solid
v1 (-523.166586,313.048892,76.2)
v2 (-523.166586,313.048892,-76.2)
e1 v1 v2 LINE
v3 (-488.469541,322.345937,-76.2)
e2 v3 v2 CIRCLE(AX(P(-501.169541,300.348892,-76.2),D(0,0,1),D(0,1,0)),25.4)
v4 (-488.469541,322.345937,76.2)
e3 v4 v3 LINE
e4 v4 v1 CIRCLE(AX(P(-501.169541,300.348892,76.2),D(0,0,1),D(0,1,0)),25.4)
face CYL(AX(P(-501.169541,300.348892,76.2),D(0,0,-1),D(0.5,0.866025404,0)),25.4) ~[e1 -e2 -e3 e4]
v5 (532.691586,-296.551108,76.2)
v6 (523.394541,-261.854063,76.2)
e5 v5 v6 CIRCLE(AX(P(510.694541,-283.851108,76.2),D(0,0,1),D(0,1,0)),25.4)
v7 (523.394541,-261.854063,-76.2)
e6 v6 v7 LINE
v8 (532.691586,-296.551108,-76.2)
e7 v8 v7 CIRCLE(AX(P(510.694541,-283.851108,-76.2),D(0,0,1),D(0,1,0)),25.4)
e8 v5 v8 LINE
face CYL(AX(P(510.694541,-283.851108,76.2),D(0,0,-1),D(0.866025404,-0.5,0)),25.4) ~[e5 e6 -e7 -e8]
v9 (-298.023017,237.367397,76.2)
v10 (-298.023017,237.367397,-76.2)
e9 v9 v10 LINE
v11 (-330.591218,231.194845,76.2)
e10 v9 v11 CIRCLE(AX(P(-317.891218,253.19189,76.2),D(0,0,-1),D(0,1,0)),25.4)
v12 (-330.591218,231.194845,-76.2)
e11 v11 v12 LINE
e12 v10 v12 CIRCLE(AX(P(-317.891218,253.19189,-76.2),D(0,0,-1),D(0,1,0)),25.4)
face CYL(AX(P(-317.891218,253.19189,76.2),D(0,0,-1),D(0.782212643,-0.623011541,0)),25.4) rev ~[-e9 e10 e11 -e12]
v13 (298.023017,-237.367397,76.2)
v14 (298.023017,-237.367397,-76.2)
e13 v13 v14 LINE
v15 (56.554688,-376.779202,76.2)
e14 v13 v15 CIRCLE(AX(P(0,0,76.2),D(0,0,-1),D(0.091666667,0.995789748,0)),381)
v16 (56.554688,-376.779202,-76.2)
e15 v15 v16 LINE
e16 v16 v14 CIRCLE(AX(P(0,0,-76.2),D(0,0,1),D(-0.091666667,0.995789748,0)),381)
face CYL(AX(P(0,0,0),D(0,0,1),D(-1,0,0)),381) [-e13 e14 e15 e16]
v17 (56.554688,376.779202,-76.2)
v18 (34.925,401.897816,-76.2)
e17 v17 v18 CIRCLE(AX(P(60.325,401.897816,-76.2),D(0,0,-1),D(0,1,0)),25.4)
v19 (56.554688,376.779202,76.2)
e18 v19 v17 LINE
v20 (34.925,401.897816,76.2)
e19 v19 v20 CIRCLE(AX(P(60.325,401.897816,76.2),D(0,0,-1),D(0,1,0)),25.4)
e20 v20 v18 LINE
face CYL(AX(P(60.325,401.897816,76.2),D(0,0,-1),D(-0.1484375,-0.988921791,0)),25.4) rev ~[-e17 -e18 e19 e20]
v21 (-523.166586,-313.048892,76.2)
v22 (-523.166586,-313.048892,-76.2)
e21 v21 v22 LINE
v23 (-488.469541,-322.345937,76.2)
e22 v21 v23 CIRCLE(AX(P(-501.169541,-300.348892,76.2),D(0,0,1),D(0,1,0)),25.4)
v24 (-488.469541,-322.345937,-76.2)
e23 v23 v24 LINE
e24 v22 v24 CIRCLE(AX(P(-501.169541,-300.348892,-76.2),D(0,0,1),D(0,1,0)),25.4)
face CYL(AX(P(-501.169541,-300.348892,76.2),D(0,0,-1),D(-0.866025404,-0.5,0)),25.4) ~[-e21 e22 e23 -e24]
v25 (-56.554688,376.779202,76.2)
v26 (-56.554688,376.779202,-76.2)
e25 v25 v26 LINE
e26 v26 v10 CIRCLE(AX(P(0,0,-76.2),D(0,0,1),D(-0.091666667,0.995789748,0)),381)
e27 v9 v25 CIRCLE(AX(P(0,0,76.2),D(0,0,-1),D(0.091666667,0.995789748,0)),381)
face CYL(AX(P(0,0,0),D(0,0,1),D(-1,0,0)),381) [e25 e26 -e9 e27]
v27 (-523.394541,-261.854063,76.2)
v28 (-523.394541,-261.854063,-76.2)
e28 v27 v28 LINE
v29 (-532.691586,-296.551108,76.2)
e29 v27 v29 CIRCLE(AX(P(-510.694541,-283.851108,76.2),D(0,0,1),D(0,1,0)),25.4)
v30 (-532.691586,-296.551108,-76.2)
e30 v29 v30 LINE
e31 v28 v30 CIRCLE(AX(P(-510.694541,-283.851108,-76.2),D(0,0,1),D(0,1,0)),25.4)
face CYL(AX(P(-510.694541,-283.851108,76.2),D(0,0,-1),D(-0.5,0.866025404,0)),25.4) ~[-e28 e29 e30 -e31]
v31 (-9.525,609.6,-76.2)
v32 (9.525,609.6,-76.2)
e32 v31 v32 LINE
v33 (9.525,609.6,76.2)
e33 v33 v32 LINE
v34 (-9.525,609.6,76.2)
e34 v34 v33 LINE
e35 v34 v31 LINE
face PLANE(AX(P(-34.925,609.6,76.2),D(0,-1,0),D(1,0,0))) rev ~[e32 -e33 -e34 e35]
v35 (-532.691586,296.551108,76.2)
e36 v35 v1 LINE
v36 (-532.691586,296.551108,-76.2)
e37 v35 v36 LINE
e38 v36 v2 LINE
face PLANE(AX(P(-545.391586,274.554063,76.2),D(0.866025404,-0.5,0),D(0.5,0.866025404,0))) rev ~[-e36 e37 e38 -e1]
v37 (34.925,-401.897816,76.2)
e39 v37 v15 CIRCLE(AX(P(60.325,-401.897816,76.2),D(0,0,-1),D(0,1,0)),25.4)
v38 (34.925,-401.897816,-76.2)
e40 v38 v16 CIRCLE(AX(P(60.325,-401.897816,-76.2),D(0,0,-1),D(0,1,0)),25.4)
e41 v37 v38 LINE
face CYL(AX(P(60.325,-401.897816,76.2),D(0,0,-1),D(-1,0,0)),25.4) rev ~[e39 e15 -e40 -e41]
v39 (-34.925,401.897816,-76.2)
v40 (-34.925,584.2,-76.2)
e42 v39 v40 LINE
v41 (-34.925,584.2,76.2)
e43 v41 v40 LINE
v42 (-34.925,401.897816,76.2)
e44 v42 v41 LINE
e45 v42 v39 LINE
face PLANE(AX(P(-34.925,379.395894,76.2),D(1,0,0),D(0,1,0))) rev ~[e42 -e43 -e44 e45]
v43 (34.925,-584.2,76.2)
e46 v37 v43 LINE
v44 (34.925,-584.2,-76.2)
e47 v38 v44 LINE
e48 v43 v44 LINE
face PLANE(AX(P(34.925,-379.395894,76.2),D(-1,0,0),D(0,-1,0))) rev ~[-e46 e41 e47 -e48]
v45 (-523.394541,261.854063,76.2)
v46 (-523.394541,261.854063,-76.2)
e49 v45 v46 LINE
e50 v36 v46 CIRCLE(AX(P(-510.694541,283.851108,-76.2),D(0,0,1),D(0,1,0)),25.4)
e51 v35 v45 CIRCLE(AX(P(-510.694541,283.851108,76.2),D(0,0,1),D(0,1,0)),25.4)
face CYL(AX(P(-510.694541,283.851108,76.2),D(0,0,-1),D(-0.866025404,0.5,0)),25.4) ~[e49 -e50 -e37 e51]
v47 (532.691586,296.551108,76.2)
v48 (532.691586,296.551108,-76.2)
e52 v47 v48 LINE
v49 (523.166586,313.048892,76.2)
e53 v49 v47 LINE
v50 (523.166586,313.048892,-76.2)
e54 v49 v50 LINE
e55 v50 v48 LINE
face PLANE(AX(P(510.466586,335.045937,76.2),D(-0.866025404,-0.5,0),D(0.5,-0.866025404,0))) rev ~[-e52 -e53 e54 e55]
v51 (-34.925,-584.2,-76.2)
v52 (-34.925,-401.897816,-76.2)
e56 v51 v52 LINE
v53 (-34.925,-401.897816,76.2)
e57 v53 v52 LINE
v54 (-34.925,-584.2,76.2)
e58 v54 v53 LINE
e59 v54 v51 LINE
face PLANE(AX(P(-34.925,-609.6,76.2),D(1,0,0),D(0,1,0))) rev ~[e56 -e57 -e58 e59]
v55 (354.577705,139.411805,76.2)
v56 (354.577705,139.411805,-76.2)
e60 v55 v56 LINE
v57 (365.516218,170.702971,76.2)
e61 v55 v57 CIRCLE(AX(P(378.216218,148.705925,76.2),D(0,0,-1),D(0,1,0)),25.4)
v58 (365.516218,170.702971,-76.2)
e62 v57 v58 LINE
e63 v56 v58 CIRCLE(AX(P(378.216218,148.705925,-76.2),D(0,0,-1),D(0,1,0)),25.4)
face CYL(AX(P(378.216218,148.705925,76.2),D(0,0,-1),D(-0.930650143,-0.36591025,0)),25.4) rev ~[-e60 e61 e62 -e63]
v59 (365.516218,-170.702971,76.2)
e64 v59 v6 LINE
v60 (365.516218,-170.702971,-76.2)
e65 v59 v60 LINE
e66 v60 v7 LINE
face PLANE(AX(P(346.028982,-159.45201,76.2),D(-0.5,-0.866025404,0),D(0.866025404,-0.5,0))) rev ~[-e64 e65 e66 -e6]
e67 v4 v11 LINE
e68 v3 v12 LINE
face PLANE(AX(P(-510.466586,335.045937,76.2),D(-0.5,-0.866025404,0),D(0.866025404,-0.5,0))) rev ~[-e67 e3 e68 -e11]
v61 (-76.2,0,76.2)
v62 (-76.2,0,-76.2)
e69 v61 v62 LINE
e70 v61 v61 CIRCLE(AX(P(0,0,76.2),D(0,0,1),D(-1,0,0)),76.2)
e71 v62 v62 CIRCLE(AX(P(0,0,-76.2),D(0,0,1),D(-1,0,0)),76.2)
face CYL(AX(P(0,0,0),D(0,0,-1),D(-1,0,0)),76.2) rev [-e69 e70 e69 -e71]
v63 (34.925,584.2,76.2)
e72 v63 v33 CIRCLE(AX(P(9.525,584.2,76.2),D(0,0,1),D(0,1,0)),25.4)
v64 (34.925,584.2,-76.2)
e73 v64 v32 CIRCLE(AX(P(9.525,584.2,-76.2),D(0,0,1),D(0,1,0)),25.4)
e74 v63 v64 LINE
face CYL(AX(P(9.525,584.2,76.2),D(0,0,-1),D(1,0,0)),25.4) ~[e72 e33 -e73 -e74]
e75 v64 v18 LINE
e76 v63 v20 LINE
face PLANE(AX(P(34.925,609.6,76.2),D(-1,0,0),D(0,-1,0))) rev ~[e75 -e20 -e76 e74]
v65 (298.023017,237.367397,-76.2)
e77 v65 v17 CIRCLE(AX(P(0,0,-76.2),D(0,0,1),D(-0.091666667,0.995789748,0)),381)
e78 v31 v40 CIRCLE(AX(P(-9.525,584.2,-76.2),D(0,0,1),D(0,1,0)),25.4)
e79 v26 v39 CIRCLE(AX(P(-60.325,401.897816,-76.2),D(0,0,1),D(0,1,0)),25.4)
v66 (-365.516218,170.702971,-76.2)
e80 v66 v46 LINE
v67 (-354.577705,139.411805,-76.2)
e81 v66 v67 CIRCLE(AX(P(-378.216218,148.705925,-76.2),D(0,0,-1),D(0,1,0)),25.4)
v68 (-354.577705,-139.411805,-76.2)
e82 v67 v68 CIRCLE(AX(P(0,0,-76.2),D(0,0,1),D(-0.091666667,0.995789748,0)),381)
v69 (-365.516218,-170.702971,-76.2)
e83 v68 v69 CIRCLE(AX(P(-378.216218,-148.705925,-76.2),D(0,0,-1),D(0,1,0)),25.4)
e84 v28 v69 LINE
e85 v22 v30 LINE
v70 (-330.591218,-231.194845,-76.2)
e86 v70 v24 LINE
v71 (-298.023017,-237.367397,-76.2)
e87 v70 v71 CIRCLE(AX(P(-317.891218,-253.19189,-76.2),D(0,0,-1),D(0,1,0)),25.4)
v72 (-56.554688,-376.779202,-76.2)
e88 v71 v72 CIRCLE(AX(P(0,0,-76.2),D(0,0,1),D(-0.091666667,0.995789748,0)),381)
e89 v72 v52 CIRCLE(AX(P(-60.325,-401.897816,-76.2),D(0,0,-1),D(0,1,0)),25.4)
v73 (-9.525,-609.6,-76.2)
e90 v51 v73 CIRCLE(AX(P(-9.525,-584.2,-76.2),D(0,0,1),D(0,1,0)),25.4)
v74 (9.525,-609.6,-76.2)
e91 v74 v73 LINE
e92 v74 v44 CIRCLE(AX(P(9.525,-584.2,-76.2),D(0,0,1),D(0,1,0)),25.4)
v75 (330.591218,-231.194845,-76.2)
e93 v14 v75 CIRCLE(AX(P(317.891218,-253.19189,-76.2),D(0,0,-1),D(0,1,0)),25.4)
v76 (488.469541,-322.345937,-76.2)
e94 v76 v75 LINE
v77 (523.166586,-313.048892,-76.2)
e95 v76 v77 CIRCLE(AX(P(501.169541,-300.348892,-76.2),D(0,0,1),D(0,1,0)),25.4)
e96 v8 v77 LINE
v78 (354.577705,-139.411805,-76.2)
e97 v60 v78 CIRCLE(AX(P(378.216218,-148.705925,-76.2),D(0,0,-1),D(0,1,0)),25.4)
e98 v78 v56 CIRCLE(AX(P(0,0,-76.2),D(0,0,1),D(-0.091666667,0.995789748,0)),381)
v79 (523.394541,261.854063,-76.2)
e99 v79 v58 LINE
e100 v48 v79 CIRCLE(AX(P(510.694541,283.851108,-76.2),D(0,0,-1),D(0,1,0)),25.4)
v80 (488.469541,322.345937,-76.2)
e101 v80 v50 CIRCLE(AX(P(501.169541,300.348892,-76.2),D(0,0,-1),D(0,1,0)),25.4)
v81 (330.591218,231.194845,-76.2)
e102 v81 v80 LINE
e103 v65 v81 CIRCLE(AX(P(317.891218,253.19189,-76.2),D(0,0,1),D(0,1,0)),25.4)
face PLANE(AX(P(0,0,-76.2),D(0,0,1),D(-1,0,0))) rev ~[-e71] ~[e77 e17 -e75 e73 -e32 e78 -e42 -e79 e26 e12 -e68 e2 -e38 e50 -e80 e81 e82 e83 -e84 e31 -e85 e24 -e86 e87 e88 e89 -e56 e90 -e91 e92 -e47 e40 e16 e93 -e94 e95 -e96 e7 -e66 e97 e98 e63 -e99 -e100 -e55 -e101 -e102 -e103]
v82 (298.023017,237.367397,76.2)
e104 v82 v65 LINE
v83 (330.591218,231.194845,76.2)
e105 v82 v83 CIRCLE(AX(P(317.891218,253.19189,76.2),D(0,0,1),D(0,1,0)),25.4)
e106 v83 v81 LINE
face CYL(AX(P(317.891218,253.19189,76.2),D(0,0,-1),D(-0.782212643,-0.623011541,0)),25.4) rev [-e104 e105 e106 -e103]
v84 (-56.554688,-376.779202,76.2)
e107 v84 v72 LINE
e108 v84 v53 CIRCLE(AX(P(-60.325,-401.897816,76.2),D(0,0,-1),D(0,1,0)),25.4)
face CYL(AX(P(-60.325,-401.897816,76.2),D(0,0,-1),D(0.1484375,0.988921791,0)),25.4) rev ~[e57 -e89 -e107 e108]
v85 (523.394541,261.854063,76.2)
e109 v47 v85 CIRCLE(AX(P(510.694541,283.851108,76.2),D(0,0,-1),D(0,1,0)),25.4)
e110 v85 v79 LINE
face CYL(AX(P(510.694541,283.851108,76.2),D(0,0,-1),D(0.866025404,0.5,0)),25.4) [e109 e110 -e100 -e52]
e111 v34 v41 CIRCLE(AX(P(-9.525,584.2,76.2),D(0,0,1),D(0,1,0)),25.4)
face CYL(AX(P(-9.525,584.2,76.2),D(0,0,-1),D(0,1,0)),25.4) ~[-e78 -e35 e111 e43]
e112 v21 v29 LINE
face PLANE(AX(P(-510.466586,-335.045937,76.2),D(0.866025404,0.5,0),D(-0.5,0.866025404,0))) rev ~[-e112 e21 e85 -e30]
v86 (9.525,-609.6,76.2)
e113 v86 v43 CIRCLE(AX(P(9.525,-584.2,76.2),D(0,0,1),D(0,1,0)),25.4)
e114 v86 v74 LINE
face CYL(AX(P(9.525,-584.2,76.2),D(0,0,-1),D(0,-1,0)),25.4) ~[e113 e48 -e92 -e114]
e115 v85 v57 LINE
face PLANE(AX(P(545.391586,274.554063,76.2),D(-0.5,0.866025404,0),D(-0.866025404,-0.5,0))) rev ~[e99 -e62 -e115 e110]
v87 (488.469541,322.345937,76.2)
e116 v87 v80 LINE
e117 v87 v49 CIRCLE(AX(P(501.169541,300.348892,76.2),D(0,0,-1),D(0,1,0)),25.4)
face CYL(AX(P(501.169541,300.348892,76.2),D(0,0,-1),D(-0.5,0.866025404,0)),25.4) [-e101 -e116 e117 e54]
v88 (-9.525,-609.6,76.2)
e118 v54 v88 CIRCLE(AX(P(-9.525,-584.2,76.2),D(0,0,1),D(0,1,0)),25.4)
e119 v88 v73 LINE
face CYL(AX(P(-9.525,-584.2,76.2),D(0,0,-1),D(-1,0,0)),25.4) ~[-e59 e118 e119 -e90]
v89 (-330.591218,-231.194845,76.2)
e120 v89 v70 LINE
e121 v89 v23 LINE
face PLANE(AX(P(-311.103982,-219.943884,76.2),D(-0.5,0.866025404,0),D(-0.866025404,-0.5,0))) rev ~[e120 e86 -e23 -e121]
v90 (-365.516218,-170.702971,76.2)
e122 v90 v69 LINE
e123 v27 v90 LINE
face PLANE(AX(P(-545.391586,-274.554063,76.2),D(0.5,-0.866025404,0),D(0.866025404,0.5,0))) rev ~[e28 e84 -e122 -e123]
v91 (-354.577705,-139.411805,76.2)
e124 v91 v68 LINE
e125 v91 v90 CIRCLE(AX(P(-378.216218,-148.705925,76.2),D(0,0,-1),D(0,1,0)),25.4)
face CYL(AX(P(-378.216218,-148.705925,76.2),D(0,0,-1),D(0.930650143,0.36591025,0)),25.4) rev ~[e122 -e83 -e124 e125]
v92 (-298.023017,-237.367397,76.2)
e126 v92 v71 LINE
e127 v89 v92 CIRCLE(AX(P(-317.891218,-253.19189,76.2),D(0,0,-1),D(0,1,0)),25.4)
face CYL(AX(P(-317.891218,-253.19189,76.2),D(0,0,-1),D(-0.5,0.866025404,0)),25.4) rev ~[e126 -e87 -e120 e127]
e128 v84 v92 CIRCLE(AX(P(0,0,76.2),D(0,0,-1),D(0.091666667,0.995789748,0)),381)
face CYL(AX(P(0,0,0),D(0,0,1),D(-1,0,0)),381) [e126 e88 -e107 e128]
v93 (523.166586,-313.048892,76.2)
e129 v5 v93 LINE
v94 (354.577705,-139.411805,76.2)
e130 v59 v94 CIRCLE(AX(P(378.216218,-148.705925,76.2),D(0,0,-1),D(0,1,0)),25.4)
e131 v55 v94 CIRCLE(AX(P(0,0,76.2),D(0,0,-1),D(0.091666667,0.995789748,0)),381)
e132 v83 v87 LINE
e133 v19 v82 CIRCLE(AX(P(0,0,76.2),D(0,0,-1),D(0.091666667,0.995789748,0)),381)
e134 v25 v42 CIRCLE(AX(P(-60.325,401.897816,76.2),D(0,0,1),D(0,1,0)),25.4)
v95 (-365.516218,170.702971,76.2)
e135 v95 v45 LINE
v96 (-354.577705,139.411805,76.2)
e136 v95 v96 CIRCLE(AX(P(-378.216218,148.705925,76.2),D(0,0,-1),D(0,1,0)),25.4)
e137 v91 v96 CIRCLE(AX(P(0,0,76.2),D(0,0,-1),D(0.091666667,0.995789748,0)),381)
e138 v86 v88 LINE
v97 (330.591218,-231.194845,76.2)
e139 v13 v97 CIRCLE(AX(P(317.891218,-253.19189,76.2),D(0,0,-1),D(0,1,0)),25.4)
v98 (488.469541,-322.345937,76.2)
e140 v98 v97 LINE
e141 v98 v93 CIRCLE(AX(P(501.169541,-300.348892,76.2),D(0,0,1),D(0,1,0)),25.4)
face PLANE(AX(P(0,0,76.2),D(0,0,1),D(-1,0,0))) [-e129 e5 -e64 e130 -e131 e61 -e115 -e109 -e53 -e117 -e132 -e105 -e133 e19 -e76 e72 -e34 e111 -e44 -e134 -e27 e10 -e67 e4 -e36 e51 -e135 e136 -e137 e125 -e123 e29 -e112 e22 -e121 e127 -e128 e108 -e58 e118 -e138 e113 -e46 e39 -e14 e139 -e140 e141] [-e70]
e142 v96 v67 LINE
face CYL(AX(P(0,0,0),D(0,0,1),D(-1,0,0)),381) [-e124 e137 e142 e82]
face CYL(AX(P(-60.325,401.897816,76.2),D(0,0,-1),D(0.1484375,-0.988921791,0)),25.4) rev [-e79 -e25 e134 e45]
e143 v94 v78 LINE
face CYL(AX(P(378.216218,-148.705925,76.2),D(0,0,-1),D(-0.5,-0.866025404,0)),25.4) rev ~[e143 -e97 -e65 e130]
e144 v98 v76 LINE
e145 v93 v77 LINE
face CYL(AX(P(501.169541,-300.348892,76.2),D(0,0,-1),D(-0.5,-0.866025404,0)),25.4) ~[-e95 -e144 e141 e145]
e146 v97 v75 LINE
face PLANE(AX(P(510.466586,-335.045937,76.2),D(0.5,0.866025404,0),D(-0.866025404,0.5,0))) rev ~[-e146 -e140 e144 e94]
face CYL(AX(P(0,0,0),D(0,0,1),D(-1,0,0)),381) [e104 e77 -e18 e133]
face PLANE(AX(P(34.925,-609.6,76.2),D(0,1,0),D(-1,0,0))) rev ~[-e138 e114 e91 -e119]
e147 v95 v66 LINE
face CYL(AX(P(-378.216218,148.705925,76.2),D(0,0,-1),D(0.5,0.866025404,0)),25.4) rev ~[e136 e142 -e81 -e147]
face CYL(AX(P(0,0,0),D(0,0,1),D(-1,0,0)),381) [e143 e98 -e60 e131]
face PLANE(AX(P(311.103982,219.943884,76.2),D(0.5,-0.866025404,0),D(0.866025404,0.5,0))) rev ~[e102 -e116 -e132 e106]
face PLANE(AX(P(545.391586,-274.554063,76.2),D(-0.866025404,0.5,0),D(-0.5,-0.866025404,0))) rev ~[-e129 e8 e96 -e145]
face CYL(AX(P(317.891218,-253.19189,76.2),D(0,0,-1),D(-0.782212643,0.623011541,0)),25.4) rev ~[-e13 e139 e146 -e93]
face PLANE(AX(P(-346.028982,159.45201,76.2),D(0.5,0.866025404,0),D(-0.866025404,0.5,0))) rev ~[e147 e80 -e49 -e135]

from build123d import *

# Parameters (mm, degrees)
SKETCH1_R                = 381
SKETCH1_R_2              = 76.2
BOSS_EXTRUDE1_DEPTH      = 76.2
BOSS_EXTRUDE2_DEPTH      = 152.4
FILLET1_R                = 25.4
CIRPATTERN1_COUNT        = 6
FILLET1_OF_CIRPATTERN1_R = 25.4


with BuildPart() as part:
    # Sketch1 → Boss-Extrude1 (new, symmetric)
    with BuildSketch(Plane.XY):
        with Locations(Location((0, 0, 0), (0, 0, 180))):
            Circle(SKETCH1_R)
        with Locations(Location((0, 0, 0), (0, 0, 180))):
            Circle(SKETCH1_R_2, mode=Mode.SUBTRACT)
    extrude(amount=BOSS_EXTRUDE1_DEPTH, both=True)

    # Sketch2 → Boss-Extrude2 (add)
    with BuildSketch(Plane.XY.offset(76.2)):
        with BuildLine():
            Line((-34.925, 379.395893988), (-34.925, 609.6))
            Line((-34.925, 609.6), (34.925, 609.6))
            Line((34.925, 609.6), (34.925, 379.395893988))
            ThreePointArc((34.925, 379.395893988), (0, 381), (-34.925, 379.395893988))
        make_face()
    boss_extrude2 = extrude(amount=-BOSS_EXTRUDE2_DEPTH)

    # Fillet1
    fillet1_edges = [part.edges().sort_by_distance(p)[0] for p in [
        (34.925, 379.395893988, 0),
        (-34.925, 379.395893988, 0),
        (-34.925, 609.6, 0),
        (34.925, 609.6, 0),
    ]]
    fillet(fillet1_edges, radius=FILLET1_R)

    # CirPattern1: Boss-Extrude2 ×6 about axis
    cirpattern1_axis = Axis((0, 0, 0), (0, 0, 1))
    for i in range(1, CIRPATTERN1_COUNT):
        add(boss_extrude2.rotate(cirpattern1_axis, i * 360 / CIRPATTERN1_COUNT))

    # Fillet1 of CirPattern1
    fillet1_of_cirpattern1_edges = [part.edges().sort_by_distance(p)[0] for p in [
        (-311.103982285, 219.943884221, 0),
        (-346.028982285, 159.452009767, 0),
        (-545.391586147, 274.554062773, 0),
        (-510.466586147, 335.045937227, 0),
        (-346.028982285, -159.452009767, 0),
        (-311.103982285, -219.943884221, 0),
        (-510.466586147, -335.045937227, 0),
        (-545.391586147, -274.554062773, 0),
        (-34.925, -379.395893988, 0),
        (34.925, -379.395893988, 0),
        (34.925, -609.6, 0),
        (-34.925, -609.6, 0),
        (311.103982285, -219.943884221, 0),
        (346.028982285, -159.452009767, 0),
        (545.391586147, -274.554062773, 0),
        (510.466586147, -335.045937227, 0),
        (346.028982285, 159.452009767, 0),
        (311.103982285, 219.943884221, 0),
        (510.466586147, 335.045937227, 0),
        (545.391586147, 274.554062773, 0),
    ]]
    fillet(fillet1_of_cirpattern1_edges, radius=FILLET1_OF_CIRPATTERN1_R)


solid = part.part
